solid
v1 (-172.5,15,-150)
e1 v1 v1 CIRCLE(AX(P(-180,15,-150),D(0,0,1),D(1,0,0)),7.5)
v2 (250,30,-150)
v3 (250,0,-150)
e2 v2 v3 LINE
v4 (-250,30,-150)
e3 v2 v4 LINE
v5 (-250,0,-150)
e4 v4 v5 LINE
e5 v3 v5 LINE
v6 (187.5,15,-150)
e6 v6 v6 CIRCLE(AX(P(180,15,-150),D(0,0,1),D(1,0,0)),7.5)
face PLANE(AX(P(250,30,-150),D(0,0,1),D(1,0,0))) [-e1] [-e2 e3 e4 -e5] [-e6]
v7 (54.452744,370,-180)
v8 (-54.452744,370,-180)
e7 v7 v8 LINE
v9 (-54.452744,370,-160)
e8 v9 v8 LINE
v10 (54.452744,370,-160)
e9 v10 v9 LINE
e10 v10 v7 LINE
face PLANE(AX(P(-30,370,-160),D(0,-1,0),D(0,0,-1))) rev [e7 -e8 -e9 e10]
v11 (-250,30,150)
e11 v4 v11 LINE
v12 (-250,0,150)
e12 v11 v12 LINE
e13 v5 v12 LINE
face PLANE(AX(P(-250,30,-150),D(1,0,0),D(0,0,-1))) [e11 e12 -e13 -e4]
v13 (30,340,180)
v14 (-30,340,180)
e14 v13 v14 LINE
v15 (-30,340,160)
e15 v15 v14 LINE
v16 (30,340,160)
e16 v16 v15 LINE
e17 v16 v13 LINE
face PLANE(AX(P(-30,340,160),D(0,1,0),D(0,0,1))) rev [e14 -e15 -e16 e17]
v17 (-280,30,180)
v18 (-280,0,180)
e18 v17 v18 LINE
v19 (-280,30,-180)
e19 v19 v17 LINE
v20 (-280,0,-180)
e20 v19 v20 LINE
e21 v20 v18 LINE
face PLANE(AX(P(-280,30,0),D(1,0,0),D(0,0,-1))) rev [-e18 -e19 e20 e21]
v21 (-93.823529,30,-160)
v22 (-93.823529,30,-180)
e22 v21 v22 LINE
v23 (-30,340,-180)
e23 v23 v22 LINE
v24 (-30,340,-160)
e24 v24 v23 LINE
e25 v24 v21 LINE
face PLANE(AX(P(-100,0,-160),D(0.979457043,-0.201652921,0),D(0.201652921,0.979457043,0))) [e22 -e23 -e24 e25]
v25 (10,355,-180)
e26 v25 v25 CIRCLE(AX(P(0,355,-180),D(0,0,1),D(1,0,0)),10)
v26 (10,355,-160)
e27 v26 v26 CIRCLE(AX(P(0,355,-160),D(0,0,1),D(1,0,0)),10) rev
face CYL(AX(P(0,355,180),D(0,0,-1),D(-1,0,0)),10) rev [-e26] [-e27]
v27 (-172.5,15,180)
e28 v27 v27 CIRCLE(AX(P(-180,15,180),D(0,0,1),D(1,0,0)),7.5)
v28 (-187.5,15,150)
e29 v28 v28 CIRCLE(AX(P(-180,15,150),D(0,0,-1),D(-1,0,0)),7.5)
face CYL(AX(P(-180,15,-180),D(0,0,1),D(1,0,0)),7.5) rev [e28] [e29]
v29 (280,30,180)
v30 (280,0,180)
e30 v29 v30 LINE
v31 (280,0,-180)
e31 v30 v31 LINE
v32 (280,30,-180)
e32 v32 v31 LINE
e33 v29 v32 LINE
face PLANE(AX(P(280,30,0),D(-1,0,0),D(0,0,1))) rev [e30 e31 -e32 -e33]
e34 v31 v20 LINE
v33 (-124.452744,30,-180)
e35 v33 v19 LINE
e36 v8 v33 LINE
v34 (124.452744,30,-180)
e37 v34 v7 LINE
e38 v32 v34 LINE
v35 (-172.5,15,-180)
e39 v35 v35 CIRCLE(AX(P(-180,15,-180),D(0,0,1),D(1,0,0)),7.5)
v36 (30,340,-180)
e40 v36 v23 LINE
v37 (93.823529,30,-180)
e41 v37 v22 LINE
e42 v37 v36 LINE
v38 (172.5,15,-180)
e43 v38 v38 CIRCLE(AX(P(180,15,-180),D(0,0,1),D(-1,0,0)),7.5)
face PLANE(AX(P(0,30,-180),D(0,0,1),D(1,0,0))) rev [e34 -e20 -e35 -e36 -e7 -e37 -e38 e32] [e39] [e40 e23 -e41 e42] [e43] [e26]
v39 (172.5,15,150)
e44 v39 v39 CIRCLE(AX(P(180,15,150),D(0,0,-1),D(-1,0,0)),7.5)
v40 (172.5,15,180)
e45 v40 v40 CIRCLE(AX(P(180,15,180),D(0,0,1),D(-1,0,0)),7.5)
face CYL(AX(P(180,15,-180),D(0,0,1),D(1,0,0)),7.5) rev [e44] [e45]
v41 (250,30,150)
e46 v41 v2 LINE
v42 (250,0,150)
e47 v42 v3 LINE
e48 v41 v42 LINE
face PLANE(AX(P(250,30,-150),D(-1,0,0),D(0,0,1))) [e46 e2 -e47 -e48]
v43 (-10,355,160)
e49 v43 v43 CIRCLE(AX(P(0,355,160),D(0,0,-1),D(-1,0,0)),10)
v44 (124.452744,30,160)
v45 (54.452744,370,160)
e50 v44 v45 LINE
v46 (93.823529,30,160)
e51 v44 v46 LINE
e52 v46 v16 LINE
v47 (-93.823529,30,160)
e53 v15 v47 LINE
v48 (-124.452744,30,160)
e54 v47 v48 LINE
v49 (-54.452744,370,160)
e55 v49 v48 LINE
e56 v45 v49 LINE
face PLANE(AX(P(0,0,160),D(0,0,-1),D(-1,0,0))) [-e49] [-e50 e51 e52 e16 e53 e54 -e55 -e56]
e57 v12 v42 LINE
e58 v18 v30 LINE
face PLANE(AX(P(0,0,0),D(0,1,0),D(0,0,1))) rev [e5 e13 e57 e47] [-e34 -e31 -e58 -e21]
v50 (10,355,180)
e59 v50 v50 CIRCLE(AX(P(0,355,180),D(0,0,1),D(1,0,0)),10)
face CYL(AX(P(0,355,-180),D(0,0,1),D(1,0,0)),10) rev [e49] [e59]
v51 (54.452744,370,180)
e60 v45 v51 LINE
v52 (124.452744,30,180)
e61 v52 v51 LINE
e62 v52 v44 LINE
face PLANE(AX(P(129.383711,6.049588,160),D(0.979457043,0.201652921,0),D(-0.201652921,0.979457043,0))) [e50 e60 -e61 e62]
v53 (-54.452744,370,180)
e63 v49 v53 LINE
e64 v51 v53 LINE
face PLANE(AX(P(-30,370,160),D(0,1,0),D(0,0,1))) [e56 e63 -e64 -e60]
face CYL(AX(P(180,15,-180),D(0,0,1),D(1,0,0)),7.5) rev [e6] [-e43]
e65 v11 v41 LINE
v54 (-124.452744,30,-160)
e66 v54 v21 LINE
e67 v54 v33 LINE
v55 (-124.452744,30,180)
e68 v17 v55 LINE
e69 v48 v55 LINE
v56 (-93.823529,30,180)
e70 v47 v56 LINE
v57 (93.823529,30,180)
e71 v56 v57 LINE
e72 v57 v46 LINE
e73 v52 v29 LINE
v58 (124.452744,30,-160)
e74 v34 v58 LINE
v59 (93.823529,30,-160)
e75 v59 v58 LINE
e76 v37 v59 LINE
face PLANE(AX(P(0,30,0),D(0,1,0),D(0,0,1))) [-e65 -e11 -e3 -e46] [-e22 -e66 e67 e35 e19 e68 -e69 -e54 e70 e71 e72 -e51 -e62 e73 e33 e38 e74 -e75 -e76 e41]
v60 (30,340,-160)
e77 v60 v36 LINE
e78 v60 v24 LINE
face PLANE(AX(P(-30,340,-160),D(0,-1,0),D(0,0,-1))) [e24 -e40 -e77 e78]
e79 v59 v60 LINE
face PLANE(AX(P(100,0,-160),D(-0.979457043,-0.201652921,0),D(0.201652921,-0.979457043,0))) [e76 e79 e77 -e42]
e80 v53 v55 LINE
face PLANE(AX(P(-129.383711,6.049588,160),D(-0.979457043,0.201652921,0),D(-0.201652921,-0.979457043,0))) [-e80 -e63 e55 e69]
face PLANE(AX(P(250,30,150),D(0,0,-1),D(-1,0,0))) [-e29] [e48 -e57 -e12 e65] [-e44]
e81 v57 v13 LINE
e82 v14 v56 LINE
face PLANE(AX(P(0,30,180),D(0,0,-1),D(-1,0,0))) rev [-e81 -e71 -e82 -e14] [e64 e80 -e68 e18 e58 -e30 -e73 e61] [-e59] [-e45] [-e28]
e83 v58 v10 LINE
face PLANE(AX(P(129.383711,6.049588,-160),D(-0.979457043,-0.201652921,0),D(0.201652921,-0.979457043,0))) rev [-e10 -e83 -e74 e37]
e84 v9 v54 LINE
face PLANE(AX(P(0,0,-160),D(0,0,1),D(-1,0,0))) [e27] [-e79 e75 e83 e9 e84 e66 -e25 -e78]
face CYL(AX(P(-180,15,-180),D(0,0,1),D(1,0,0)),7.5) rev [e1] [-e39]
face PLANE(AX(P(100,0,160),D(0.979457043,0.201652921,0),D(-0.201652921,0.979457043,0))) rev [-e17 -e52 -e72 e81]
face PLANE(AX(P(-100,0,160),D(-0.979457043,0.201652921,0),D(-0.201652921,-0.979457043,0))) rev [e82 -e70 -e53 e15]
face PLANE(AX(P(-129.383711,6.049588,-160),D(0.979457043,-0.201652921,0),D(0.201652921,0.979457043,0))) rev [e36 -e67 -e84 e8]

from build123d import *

# Parameters (mm, degrees)
SKETCH1_W           = 560
SKETCH1_H           = 360
SKETCH1_W_2         = 500
SKETCH1_H_2         = 300
EXTRUDE_THIN1_DEPTH = 30
SKETCH2_R           = 7.5
CUT_EXTRUDE1_DEPTH  = 361
EXTRUDE_THIN2_DEPTH = 20
SKETCH4_R           = 10
CUT_EXTRUDE2_DEPTH  = 361


with BuildPart() as part:
    # Sketch1 → Extrude-Thin1 (new body)
    with BuildSketch(Plane(origin=(0, 0, 0), x_dir=(1, 0, 0), z_dir=(0, 1, 0))):
        Rectangle(SKETCH1_W, SKETCH1_H)
        Rectangle(SKETCH1_W_2, SKETCH1_H_2, mode=Mode.SUBTRACT)
    extrude(amount=EXTRUDE_THIN1_DEPTH)

    # Sketch2 → Cut-Extrude1 (cut, through all)
    with BuildSketch(Plane.XY.offset(180)):
        with Locations((-180, 15)):
            Circle(SKETCH2_R)
        with Locations((180, 15)):
            Circle(SKETCH2_R)
    extrude(amount=-CUT_EXTRUDE1_DEPTH, mode=Mode.SUBTRACT)

    # Sketch3 → Extrude-Thin2 (add)
    with BuildSketch(Plane.XY.offset(180)):
        Polygon((-100, 0), (-30, 340), (30, 340), (100, 0), (129.383711298, 6.04958762), (54.452744043, 370), (-54.452744043, 370), (-129.383711298, 6.04958762), align=None)
    extrude_thin2 = extrude(amount=-EXTRUDE_THIN2_DEPTH)

    # Sketch4 → Cut-Extrude2 (cut, through all)
    with BuildSketch(Plane.XY.offset(180)):
        with Locations((0, 355)):
            Circle(SKETCH4_R)
    cut_extrude2 = extrude(amount=-CUT_EXTRUDE2_DEPTH, mode=Mode.SUBTRACT)

    # Mirror1: Extrude-Thin2, Cut-Extrude2 across plane
    add(extrude_thin2.mirror(Plane.XY))
    add(cut_extrude2.mirror(Plane.XY), mode=Mode.SUBTRACT)


solid = part.part
